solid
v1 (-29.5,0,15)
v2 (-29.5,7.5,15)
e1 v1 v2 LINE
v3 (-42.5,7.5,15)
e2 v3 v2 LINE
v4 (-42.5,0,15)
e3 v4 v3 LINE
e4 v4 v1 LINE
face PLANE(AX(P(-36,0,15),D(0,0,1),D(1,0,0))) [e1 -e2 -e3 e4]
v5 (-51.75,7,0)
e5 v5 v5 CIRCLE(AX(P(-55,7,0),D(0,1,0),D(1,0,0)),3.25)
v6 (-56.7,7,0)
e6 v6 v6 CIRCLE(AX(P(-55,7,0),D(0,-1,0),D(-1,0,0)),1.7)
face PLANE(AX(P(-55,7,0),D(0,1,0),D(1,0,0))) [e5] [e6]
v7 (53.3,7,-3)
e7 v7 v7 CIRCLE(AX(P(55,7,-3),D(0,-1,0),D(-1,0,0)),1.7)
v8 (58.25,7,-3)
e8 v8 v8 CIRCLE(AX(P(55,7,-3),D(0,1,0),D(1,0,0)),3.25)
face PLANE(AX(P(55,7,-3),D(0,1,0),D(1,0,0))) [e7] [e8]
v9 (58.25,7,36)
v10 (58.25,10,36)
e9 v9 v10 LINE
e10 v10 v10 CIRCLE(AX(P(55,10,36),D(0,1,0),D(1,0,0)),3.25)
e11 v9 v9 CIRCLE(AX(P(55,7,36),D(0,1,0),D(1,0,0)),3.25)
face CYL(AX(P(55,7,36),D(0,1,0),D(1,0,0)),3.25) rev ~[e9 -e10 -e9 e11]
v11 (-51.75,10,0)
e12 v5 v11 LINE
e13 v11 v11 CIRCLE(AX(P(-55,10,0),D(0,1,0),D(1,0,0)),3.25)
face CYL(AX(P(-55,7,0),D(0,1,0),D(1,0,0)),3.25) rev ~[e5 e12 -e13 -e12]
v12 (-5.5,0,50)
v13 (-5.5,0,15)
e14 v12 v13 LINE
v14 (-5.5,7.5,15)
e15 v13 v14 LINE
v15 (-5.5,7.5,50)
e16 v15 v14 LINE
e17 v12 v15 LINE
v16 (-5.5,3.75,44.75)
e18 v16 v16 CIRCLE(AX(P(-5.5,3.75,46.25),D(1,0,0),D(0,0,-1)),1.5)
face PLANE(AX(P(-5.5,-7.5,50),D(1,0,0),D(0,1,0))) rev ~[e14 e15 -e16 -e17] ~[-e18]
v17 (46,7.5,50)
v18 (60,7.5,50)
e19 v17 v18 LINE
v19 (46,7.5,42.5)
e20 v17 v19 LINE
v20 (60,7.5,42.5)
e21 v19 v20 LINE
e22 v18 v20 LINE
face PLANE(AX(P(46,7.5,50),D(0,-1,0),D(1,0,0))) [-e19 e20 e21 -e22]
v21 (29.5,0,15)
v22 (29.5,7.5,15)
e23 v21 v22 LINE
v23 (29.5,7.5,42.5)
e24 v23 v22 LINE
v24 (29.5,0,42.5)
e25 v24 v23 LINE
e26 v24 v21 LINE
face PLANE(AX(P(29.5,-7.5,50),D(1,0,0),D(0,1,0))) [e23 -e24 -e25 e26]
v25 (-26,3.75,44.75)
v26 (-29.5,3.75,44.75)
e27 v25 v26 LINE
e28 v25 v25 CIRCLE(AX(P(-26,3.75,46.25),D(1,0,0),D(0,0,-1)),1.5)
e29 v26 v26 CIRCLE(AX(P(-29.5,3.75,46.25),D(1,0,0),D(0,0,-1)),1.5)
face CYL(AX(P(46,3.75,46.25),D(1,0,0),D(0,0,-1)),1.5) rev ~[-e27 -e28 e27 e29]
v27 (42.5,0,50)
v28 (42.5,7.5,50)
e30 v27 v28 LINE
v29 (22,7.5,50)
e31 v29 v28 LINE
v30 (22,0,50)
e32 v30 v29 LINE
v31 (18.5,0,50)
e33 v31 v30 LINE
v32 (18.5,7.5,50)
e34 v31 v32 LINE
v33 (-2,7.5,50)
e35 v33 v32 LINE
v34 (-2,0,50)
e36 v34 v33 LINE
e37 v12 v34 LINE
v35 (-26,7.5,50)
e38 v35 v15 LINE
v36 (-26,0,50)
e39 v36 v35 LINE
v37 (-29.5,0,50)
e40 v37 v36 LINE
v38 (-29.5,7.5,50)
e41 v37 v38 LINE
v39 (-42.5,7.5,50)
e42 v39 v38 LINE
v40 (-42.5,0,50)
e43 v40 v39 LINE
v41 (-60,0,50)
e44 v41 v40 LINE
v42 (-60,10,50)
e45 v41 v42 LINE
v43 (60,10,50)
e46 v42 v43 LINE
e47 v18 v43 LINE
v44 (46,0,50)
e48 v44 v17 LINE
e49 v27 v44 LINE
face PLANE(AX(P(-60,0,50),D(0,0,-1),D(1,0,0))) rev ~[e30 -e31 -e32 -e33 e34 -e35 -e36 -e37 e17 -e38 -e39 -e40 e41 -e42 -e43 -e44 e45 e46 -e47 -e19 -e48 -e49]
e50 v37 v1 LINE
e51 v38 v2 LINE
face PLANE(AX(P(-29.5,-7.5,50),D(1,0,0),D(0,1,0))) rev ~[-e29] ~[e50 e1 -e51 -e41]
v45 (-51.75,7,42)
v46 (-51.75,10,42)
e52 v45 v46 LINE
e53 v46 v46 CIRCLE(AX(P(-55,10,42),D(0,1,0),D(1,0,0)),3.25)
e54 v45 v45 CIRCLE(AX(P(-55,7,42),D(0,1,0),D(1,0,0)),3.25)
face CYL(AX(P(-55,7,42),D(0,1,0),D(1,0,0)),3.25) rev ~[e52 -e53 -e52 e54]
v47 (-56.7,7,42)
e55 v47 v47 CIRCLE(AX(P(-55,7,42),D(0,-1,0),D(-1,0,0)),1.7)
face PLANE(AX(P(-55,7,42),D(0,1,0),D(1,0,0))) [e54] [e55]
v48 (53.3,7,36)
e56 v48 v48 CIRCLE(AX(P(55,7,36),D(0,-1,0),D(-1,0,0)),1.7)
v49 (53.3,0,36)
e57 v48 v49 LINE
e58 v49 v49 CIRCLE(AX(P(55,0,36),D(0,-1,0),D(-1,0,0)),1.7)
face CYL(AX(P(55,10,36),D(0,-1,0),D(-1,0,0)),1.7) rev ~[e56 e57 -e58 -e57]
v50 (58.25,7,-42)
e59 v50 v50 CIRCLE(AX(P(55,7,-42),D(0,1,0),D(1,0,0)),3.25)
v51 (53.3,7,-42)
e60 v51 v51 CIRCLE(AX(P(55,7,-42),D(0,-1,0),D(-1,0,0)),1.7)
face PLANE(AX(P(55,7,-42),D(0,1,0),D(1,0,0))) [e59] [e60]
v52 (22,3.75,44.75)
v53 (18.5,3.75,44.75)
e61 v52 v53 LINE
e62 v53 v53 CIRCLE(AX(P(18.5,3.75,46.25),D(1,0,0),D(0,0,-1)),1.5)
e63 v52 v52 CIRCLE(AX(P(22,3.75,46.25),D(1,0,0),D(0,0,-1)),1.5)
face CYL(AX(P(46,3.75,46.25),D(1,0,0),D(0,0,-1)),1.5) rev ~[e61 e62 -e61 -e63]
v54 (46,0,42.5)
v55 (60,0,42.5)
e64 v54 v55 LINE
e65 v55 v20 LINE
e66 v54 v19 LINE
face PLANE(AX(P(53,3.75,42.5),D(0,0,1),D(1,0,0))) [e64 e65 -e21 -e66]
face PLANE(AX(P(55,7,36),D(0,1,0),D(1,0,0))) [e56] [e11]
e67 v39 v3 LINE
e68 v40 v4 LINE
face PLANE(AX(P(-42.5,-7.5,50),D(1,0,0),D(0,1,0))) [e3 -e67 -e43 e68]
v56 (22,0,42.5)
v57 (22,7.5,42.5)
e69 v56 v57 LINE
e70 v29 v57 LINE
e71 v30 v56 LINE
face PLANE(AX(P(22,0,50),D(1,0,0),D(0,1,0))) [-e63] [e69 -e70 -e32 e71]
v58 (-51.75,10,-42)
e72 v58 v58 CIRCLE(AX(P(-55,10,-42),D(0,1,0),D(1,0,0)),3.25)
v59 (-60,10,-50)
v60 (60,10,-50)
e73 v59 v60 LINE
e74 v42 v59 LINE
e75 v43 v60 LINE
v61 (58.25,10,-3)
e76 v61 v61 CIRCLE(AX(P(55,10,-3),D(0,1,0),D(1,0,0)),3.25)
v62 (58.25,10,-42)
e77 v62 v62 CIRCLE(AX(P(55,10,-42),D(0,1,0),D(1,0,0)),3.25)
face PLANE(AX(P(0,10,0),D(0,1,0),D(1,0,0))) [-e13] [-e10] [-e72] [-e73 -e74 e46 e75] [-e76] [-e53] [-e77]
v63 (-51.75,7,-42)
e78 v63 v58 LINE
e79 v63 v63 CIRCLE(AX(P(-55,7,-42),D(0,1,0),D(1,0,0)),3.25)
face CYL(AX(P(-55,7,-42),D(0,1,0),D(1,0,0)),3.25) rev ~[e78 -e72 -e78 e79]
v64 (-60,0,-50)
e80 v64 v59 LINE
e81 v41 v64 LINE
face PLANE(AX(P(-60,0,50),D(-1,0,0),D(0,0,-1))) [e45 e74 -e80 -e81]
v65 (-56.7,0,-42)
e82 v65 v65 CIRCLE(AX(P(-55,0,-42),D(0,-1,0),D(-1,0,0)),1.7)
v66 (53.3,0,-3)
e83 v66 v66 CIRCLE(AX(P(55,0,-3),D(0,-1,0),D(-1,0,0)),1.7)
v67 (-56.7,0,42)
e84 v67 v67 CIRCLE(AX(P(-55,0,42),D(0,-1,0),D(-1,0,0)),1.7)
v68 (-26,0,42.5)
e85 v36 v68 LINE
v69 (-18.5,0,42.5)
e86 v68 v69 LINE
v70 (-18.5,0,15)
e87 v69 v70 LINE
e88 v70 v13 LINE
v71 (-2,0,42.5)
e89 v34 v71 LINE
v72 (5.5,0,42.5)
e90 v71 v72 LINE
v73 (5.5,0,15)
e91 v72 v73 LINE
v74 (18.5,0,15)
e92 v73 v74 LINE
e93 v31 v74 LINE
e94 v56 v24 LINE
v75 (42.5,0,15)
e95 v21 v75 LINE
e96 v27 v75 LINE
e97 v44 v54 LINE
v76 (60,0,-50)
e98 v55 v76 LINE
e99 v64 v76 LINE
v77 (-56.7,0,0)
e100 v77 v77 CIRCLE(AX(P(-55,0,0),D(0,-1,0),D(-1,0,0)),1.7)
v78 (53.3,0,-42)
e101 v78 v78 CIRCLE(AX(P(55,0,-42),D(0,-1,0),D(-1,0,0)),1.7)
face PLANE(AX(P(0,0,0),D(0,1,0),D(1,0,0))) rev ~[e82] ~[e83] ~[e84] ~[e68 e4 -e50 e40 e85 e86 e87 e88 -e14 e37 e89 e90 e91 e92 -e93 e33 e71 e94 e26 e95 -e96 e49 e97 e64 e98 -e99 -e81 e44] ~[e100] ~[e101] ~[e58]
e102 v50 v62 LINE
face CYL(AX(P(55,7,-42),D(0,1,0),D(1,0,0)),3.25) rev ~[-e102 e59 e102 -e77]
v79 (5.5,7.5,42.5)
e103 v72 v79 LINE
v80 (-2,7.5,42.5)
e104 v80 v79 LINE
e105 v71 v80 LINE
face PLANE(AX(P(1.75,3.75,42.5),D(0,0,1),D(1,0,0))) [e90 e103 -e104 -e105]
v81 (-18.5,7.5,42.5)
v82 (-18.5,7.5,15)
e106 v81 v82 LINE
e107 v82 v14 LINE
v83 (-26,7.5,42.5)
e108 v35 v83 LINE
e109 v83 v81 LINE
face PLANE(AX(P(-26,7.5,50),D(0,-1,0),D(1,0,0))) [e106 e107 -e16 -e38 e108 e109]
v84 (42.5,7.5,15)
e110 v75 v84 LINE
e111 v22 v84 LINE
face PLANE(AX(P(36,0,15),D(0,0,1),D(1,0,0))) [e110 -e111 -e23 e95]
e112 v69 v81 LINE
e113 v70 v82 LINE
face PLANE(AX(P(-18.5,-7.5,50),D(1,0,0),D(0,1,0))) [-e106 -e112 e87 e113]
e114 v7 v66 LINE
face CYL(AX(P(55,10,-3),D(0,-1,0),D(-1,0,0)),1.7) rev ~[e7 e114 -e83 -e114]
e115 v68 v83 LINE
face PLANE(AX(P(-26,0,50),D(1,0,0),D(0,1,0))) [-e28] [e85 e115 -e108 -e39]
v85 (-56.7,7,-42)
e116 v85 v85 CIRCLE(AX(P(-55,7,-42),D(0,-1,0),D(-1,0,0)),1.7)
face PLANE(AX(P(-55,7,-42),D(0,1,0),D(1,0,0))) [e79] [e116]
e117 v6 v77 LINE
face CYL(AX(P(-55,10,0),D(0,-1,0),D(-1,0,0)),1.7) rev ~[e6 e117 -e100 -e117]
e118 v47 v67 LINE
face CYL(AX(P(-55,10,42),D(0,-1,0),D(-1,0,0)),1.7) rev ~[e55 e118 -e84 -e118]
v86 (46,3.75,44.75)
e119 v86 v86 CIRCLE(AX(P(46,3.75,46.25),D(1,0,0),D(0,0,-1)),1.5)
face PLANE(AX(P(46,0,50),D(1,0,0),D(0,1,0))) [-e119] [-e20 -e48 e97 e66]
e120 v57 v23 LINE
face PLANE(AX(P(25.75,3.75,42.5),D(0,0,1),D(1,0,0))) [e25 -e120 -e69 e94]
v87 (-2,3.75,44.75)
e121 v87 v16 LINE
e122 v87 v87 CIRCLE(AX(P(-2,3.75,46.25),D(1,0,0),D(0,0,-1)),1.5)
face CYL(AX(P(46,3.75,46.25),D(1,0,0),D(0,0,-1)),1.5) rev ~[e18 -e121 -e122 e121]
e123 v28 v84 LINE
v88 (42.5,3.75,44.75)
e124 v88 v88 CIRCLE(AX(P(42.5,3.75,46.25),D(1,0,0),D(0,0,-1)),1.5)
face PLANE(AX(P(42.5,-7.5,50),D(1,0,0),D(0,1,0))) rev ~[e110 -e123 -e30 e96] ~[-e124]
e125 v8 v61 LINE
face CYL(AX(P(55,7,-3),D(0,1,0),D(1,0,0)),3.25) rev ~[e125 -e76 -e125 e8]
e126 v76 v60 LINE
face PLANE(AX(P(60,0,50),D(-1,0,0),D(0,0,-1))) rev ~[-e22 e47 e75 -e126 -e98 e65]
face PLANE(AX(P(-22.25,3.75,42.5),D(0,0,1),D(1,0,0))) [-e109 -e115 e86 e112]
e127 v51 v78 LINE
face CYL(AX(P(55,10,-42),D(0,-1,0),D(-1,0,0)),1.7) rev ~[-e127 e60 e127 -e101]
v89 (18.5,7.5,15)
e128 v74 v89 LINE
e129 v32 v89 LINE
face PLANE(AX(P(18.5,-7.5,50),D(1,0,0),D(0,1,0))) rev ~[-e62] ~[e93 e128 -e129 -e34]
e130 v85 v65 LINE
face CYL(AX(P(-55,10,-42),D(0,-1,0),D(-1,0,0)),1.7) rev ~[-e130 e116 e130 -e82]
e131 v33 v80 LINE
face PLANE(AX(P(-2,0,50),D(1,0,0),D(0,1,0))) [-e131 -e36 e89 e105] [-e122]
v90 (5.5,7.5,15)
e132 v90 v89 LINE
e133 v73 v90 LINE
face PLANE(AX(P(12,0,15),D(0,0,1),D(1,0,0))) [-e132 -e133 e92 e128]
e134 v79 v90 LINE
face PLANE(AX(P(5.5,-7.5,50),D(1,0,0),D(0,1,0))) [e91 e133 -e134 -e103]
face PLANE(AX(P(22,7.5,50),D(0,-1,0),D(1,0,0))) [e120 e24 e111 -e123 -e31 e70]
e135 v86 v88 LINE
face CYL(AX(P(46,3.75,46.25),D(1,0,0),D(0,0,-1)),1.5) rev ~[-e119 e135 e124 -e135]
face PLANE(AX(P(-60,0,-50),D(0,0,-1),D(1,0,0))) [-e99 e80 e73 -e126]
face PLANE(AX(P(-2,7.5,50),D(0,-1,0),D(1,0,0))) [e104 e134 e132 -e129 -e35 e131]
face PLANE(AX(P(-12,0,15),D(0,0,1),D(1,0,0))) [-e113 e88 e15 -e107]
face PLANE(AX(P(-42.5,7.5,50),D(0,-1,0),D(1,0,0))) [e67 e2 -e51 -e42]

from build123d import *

# Parameters (mm, degrees)
SKETCH1_W                     = 120
SKETCH1_H                     = 100
BOSS_EXTRUDE1_DEPTH           = 10
SKETCH2_W                     = 13
SKETCH2_H                     = 15
CUT_EXTRUDE1_DEPTH            = 35
SKETCH3_W                     = 7.5
SKETCH3_H                     = 7.5
SKETCH3_W_2                   = 14
CUT_EXTRUDE2_DEPTH            = 7.5
SKETCH4_R                     = 1.5
CUT_EXTRUDE3_DEPTH            = 75.5
CBORE_FOR_M3_SHCS_D           = 3.4
CBORE_FOR_M3_SHCS_DEPTH       = 23
CBORE_FOR_M3_SHCS_CBORE_D     = 6.5
CBORE_FOR_M3_SHCS_CBORE_DEPTH = 3
CBORE_FOR_M3_SHCS_TIP         = 1.021463052


with BuildPart() as part:
    # Sketch1 → Boss-Extrude1 (new body)
    with BuildSketch(Plane(origin=(0, 0, 0), x_dir=(1, 0, 0), z_dir=(0, 1, 0))):
        Rectangle(SKETCH1_W, SKETCH1_H)
    extrude(amount=BOSS_EXTRUDE1_DEPTH)

    # Sketch2 → Cut-Extrude1 (cut)
    with BuildSketch(Plane.XY.offset(50)):
        with Locations((-36, 0)):
            Rectangle(SKETCH2_W, SKETCH2_H)
        with Locations((-12, 0)):
            Rectangle(SKETCH2_W, SKETCH2_H)
        with Locations((12, 0)):
            Rectangle(SKETCH2_W, SKETCH2_H)
        with Locations((36, 0)):
            Rectangle(SKETCH2_W, SKETCH2_H)
    extrude(amount=-CUT_EXTRUDE1_DEPTH, mode=Mode.SUBTRACT)

    # Sketch3 → Cut-Extrude2 (cut)
    with BuildSketch(Plane.XY.offset(50)):
        with Locations((-22.25, 3.75)):
            Rectangle(SKETCH3_W, SKETCH3_H)
        with Locations((1.75, 3.75)):
            Rectangle(SKETCH3_W, SKETCH3_H)
        with Locations((25.75, 3.75)):
            Rectangle(SKETCH3_W, SKETCH3_H)
        with Locations((53, 3.75)):
            Rectangle(SKETCH3_W_2, SKETCH3_H)
    extrude(amount=-CUT_EXTRUDE2_DEPTH, mode=Mode.SUBTRACT)

    # Sketch4 → Cut-Extrude3 (cut)
    with BuildSketch(Plane(origin=(46, 0, 0), x_dir=(0, 0, -1), z_dir=(1, 0, 0))):
        with Locations((-46.25, 3.75)):
            Circle(SKETCH4_R)
    extrude(amount=-CUT_EXTRUDE3_DEPTH, mode=Mode.SUBTRACT)

    # CBORE for M3 SHCS
    with Locations(Plane(origin=(-676.293536786, 10, -1323.282701689), x_dir=(1, 0, 0), z_dir=(0, 1, 0))):
        with Locations((731.293536786, -1281.282701689), (731.293536786, -1359.282701689), (621.293536786, -1281.282701689), (621.293536786, -1365.282701689), (621.293536786, -1323.282701689), (731.293536786, -1320.282701689)):
            CounterBoreHole(CBORE_FOR_M3_SHCS_D / 2, CBORE_FOR_M3_SHCS_CBORE_D / 2, CBORE_FOR_M3_SHCS_CBORE_DEPTH, depth=CBORE_FOR_M3_SHCS_DEPTH)
            with Locations((0, 0, -(CBORE_FOR_M3_SHCS_DEPTH + CBORE_FOR_M3_SHCS_TIP / 2))):  # 118° drill point
                Cone(0, CBORE_FOR_M3_SHCS_D / 2, CBORE_FOR_M3_SHCS_TIP, mode=Mode.SUBTRACT)


solid = part.part
